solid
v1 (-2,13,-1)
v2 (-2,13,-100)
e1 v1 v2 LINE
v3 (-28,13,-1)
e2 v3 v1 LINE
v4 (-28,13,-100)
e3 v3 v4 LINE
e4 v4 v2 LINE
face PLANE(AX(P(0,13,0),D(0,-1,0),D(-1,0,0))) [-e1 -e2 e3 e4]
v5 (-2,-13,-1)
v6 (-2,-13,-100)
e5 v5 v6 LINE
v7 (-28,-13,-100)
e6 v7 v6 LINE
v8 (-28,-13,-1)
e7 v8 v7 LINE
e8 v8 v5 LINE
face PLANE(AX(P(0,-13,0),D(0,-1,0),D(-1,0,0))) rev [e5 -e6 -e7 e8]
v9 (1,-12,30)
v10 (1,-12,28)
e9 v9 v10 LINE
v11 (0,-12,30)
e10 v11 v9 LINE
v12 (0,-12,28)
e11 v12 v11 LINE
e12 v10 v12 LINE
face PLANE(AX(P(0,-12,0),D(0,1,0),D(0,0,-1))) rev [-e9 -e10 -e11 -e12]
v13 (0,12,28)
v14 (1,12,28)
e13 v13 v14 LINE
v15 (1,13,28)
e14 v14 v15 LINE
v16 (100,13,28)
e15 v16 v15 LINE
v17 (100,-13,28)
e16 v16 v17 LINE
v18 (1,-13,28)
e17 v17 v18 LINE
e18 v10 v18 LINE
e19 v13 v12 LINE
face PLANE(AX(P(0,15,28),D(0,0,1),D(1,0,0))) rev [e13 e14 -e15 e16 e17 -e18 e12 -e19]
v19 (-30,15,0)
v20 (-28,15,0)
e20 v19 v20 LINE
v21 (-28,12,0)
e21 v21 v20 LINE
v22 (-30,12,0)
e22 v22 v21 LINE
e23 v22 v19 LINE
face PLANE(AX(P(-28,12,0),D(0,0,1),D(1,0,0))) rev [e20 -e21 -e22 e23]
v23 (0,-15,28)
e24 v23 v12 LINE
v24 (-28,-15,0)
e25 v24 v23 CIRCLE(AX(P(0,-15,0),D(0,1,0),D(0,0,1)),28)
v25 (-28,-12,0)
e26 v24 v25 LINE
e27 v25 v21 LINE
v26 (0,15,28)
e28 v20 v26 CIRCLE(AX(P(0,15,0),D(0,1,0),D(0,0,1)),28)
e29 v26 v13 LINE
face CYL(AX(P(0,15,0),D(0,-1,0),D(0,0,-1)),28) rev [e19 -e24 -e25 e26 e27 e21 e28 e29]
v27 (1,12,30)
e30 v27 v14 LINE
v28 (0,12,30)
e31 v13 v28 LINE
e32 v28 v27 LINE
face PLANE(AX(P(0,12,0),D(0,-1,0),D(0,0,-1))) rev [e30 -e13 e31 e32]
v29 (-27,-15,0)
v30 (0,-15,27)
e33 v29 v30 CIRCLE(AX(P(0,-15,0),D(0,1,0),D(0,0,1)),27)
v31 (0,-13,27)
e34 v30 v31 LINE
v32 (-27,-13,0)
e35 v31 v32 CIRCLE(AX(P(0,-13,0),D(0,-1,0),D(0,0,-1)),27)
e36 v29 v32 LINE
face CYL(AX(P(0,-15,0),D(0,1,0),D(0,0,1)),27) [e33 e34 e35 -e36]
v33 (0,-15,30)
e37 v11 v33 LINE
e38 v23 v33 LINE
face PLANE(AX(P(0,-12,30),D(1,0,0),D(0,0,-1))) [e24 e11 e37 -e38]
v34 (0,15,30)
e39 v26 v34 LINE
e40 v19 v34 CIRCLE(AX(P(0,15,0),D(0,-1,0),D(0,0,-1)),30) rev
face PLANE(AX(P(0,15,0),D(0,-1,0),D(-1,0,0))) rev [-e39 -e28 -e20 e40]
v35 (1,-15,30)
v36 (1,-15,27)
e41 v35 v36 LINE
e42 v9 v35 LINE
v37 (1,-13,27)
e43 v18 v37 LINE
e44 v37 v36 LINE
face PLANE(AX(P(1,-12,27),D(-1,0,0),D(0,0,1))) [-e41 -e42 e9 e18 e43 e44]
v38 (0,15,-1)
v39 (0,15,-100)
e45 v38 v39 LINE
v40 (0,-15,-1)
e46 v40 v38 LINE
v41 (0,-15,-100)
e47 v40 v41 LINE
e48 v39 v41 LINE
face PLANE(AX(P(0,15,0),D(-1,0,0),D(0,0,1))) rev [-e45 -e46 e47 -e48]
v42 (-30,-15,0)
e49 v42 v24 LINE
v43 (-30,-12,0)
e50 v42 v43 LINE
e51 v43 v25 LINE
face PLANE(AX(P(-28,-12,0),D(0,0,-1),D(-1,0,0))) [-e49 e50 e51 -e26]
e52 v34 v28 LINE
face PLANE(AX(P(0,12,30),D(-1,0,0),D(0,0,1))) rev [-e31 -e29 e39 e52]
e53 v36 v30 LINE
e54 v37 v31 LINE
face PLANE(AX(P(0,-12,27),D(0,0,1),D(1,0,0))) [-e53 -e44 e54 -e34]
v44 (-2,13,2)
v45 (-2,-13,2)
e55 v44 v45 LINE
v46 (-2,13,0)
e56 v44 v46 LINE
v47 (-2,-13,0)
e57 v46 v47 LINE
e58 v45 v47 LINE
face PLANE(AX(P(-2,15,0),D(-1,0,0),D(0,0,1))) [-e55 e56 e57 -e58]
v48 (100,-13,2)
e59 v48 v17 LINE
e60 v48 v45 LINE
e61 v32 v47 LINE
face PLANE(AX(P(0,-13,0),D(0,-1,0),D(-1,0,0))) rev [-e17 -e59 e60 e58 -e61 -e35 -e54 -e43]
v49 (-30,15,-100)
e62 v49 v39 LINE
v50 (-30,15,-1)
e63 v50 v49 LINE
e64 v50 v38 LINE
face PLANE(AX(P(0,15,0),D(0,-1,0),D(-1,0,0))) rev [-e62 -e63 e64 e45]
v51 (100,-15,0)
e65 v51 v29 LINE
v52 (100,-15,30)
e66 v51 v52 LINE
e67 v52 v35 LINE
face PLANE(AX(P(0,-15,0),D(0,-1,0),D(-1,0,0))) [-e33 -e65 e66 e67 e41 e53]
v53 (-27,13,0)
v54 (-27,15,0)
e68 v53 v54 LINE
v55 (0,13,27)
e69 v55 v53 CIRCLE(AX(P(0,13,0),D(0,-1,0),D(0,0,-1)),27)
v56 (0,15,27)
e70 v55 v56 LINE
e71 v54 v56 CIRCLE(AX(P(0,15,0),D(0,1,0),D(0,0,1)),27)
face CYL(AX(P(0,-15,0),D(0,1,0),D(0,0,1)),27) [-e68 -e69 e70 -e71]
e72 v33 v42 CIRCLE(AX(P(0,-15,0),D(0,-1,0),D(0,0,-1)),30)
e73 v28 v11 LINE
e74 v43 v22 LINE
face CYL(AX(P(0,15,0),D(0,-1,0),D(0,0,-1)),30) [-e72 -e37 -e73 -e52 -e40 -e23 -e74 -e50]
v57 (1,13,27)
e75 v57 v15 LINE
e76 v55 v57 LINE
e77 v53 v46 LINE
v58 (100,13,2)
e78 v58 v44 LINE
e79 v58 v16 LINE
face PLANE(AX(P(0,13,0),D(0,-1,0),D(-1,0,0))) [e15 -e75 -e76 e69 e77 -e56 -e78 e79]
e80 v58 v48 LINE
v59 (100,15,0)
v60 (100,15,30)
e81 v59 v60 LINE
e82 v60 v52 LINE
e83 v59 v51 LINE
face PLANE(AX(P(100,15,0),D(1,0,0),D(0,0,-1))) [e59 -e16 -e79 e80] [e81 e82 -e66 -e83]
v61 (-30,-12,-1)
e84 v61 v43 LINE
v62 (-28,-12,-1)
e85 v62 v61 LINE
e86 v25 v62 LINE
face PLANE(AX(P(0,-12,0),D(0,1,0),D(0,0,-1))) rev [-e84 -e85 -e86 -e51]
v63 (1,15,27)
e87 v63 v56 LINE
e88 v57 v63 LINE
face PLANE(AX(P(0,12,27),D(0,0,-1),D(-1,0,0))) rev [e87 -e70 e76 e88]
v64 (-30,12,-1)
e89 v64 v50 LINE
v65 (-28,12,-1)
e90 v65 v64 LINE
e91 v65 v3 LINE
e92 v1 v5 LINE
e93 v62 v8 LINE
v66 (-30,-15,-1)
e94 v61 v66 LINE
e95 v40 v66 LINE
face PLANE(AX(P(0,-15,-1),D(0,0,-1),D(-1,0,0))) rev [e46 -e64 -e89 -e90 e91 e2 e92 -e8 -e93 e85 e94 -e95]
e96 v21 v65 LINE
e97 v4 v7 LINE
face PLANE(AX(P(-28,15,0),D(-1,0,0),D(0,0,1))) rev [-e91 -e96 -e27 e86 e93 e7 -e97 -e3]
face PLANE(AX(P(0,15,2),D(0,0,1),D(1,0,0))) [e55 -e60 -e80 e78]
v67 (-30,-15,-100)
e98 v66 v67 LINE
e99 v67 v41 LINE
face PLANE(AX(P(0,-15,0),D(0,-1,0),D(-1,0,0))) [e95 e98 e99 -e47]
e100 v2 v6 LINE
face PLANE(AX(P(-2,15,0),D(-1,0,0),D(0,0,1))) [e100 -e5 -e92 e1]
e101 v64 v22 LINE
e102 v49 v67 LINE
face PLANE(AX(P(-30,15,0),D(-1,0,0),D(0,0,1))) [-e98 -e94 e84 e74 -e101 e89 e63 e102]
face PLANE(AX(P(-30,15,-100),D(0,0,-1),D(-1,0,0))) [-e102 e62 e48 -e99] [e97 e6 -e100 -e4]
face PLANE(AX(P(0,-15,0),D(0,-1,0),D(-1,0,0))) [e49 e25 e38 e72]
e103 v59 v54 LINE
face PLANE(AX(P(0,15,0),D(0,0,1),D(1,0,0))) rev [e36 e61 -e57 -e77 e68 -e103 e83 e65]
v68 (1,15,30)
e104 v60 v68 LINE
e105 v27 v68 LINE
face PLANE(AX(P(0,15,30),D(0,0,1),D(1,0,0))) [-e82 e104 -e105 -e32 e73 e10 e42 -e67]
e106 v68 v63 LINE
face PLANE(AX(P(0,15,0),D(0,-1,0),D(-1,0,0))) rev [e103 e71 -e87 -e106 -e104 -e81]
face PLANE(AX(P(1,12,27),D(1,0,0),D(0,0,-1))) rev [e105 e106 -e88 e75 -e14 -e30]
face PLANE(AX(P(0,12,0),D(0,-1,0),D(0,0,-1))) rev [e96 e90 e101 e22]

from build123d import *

# Parameters (mm, degrees)
EXTRUDE_1_DEPTH          = 15
FILLET_1_R               = 30
SHELL_1_T                = -2
CUT_EXTRUDE_1_DEPTH      = 145.568322948
CUT_EXTRUDE_1_DEPTH_BACK = 145.568322948
SKETCH_3_W               = 2
SKETCH_3_H               = 1
SKETCH_3_W_2             = 1
SKETCH_3_H_2             = 3
CUT_EXTRUDE_2_DEPTH      = 3


with BuildPart() as part:
    # 草图1 → 拉伸-薄壁1 (new, symmetric)
    with BuildSketch(Plane(origin=(0, 0, 0), x_dir=(1, 0, 0), z_dir=(0, 1, 0))):
        Polygon((0, 100), (0, 0), (100, 0), (100, -30), (-30, -30), (-30, 100), align=None)
    extrude(amount=EXTRUDE_1_DEPTH, both=True)

    # 圆角1
    fillet_1_edges = [part.edges().sort_by_distance(p)[0] for p in [
        (-30, 0, 30),
    ]]
    fillet(fillet_1_edges, radius=FILLET_1_R)

    # 抽壳1
    shell_1_openings = [part.faces().sort_by_distance(p)[0] for p in [
        (100, 0, 15),
        (-15, 0, -100),
    ]]
    offset(amount=SHELL_1_T, openings=shell_1_openings, kind=Kind.INTERSECTION)

    # 草图2 → 切除-拉伸1 (cut, two sides: drawn at the far end of the back side and taken through both)
    with BuildSketch(Plane(origin=(0, 15, 0), x_dir=(1, 0, 0), z_dir=(0, 1, 0)).offset(-CUT_EXTRUDE_1_DEPTH_BACK)):
        with BuildLine():
            ThreePointArc((-28, 0), (-19.798989873, -19.798989873), (0, -28))
            Line((0, -28), (0, -27))
            ThreePointArc((0, -27), (-19.091883092, -19.091883092), (-27, 0))
            Line((-27, 0), (0, 0))
            Line((0, 0), (0, 1))
            Line((0, 1), (-28, 1))
            Line((-28, 1), (-28, 0))
        make_face()
    extrude(amount=CUT_EXTRUDE_1_DEPTH + CUT_EXTRUDE_1_DEPTH_BACK, mode=Mode.SUBTRACT)

    # 草图3 → 切除-拉伸2 (cut)
    with BuildSketch(Plane(origin=(0, 15, 0), x_dir=(1, 0, 0), z_dir=(0, 1, 0))):
        with Locations((-29, 0.5)):
            Rectangle(SKETCH_3_W, SKETCH_3_H)
        with Locations((0.5, -28.5)):
            Rectangle(SKETCH_3_W_2, SKETCH_3_H_2)
    cut_extrude_2 = extrude(amount=-CUT_EXTRUDE_2_DEPTH, mode=Mode.SUBTRACT)

    # 镜向1: 切除-拉伸2 across plane
    add(cut_extrude_2.mirror(Plane.ZX), mode=Mode.SUBTRACT)


solid = part.part
